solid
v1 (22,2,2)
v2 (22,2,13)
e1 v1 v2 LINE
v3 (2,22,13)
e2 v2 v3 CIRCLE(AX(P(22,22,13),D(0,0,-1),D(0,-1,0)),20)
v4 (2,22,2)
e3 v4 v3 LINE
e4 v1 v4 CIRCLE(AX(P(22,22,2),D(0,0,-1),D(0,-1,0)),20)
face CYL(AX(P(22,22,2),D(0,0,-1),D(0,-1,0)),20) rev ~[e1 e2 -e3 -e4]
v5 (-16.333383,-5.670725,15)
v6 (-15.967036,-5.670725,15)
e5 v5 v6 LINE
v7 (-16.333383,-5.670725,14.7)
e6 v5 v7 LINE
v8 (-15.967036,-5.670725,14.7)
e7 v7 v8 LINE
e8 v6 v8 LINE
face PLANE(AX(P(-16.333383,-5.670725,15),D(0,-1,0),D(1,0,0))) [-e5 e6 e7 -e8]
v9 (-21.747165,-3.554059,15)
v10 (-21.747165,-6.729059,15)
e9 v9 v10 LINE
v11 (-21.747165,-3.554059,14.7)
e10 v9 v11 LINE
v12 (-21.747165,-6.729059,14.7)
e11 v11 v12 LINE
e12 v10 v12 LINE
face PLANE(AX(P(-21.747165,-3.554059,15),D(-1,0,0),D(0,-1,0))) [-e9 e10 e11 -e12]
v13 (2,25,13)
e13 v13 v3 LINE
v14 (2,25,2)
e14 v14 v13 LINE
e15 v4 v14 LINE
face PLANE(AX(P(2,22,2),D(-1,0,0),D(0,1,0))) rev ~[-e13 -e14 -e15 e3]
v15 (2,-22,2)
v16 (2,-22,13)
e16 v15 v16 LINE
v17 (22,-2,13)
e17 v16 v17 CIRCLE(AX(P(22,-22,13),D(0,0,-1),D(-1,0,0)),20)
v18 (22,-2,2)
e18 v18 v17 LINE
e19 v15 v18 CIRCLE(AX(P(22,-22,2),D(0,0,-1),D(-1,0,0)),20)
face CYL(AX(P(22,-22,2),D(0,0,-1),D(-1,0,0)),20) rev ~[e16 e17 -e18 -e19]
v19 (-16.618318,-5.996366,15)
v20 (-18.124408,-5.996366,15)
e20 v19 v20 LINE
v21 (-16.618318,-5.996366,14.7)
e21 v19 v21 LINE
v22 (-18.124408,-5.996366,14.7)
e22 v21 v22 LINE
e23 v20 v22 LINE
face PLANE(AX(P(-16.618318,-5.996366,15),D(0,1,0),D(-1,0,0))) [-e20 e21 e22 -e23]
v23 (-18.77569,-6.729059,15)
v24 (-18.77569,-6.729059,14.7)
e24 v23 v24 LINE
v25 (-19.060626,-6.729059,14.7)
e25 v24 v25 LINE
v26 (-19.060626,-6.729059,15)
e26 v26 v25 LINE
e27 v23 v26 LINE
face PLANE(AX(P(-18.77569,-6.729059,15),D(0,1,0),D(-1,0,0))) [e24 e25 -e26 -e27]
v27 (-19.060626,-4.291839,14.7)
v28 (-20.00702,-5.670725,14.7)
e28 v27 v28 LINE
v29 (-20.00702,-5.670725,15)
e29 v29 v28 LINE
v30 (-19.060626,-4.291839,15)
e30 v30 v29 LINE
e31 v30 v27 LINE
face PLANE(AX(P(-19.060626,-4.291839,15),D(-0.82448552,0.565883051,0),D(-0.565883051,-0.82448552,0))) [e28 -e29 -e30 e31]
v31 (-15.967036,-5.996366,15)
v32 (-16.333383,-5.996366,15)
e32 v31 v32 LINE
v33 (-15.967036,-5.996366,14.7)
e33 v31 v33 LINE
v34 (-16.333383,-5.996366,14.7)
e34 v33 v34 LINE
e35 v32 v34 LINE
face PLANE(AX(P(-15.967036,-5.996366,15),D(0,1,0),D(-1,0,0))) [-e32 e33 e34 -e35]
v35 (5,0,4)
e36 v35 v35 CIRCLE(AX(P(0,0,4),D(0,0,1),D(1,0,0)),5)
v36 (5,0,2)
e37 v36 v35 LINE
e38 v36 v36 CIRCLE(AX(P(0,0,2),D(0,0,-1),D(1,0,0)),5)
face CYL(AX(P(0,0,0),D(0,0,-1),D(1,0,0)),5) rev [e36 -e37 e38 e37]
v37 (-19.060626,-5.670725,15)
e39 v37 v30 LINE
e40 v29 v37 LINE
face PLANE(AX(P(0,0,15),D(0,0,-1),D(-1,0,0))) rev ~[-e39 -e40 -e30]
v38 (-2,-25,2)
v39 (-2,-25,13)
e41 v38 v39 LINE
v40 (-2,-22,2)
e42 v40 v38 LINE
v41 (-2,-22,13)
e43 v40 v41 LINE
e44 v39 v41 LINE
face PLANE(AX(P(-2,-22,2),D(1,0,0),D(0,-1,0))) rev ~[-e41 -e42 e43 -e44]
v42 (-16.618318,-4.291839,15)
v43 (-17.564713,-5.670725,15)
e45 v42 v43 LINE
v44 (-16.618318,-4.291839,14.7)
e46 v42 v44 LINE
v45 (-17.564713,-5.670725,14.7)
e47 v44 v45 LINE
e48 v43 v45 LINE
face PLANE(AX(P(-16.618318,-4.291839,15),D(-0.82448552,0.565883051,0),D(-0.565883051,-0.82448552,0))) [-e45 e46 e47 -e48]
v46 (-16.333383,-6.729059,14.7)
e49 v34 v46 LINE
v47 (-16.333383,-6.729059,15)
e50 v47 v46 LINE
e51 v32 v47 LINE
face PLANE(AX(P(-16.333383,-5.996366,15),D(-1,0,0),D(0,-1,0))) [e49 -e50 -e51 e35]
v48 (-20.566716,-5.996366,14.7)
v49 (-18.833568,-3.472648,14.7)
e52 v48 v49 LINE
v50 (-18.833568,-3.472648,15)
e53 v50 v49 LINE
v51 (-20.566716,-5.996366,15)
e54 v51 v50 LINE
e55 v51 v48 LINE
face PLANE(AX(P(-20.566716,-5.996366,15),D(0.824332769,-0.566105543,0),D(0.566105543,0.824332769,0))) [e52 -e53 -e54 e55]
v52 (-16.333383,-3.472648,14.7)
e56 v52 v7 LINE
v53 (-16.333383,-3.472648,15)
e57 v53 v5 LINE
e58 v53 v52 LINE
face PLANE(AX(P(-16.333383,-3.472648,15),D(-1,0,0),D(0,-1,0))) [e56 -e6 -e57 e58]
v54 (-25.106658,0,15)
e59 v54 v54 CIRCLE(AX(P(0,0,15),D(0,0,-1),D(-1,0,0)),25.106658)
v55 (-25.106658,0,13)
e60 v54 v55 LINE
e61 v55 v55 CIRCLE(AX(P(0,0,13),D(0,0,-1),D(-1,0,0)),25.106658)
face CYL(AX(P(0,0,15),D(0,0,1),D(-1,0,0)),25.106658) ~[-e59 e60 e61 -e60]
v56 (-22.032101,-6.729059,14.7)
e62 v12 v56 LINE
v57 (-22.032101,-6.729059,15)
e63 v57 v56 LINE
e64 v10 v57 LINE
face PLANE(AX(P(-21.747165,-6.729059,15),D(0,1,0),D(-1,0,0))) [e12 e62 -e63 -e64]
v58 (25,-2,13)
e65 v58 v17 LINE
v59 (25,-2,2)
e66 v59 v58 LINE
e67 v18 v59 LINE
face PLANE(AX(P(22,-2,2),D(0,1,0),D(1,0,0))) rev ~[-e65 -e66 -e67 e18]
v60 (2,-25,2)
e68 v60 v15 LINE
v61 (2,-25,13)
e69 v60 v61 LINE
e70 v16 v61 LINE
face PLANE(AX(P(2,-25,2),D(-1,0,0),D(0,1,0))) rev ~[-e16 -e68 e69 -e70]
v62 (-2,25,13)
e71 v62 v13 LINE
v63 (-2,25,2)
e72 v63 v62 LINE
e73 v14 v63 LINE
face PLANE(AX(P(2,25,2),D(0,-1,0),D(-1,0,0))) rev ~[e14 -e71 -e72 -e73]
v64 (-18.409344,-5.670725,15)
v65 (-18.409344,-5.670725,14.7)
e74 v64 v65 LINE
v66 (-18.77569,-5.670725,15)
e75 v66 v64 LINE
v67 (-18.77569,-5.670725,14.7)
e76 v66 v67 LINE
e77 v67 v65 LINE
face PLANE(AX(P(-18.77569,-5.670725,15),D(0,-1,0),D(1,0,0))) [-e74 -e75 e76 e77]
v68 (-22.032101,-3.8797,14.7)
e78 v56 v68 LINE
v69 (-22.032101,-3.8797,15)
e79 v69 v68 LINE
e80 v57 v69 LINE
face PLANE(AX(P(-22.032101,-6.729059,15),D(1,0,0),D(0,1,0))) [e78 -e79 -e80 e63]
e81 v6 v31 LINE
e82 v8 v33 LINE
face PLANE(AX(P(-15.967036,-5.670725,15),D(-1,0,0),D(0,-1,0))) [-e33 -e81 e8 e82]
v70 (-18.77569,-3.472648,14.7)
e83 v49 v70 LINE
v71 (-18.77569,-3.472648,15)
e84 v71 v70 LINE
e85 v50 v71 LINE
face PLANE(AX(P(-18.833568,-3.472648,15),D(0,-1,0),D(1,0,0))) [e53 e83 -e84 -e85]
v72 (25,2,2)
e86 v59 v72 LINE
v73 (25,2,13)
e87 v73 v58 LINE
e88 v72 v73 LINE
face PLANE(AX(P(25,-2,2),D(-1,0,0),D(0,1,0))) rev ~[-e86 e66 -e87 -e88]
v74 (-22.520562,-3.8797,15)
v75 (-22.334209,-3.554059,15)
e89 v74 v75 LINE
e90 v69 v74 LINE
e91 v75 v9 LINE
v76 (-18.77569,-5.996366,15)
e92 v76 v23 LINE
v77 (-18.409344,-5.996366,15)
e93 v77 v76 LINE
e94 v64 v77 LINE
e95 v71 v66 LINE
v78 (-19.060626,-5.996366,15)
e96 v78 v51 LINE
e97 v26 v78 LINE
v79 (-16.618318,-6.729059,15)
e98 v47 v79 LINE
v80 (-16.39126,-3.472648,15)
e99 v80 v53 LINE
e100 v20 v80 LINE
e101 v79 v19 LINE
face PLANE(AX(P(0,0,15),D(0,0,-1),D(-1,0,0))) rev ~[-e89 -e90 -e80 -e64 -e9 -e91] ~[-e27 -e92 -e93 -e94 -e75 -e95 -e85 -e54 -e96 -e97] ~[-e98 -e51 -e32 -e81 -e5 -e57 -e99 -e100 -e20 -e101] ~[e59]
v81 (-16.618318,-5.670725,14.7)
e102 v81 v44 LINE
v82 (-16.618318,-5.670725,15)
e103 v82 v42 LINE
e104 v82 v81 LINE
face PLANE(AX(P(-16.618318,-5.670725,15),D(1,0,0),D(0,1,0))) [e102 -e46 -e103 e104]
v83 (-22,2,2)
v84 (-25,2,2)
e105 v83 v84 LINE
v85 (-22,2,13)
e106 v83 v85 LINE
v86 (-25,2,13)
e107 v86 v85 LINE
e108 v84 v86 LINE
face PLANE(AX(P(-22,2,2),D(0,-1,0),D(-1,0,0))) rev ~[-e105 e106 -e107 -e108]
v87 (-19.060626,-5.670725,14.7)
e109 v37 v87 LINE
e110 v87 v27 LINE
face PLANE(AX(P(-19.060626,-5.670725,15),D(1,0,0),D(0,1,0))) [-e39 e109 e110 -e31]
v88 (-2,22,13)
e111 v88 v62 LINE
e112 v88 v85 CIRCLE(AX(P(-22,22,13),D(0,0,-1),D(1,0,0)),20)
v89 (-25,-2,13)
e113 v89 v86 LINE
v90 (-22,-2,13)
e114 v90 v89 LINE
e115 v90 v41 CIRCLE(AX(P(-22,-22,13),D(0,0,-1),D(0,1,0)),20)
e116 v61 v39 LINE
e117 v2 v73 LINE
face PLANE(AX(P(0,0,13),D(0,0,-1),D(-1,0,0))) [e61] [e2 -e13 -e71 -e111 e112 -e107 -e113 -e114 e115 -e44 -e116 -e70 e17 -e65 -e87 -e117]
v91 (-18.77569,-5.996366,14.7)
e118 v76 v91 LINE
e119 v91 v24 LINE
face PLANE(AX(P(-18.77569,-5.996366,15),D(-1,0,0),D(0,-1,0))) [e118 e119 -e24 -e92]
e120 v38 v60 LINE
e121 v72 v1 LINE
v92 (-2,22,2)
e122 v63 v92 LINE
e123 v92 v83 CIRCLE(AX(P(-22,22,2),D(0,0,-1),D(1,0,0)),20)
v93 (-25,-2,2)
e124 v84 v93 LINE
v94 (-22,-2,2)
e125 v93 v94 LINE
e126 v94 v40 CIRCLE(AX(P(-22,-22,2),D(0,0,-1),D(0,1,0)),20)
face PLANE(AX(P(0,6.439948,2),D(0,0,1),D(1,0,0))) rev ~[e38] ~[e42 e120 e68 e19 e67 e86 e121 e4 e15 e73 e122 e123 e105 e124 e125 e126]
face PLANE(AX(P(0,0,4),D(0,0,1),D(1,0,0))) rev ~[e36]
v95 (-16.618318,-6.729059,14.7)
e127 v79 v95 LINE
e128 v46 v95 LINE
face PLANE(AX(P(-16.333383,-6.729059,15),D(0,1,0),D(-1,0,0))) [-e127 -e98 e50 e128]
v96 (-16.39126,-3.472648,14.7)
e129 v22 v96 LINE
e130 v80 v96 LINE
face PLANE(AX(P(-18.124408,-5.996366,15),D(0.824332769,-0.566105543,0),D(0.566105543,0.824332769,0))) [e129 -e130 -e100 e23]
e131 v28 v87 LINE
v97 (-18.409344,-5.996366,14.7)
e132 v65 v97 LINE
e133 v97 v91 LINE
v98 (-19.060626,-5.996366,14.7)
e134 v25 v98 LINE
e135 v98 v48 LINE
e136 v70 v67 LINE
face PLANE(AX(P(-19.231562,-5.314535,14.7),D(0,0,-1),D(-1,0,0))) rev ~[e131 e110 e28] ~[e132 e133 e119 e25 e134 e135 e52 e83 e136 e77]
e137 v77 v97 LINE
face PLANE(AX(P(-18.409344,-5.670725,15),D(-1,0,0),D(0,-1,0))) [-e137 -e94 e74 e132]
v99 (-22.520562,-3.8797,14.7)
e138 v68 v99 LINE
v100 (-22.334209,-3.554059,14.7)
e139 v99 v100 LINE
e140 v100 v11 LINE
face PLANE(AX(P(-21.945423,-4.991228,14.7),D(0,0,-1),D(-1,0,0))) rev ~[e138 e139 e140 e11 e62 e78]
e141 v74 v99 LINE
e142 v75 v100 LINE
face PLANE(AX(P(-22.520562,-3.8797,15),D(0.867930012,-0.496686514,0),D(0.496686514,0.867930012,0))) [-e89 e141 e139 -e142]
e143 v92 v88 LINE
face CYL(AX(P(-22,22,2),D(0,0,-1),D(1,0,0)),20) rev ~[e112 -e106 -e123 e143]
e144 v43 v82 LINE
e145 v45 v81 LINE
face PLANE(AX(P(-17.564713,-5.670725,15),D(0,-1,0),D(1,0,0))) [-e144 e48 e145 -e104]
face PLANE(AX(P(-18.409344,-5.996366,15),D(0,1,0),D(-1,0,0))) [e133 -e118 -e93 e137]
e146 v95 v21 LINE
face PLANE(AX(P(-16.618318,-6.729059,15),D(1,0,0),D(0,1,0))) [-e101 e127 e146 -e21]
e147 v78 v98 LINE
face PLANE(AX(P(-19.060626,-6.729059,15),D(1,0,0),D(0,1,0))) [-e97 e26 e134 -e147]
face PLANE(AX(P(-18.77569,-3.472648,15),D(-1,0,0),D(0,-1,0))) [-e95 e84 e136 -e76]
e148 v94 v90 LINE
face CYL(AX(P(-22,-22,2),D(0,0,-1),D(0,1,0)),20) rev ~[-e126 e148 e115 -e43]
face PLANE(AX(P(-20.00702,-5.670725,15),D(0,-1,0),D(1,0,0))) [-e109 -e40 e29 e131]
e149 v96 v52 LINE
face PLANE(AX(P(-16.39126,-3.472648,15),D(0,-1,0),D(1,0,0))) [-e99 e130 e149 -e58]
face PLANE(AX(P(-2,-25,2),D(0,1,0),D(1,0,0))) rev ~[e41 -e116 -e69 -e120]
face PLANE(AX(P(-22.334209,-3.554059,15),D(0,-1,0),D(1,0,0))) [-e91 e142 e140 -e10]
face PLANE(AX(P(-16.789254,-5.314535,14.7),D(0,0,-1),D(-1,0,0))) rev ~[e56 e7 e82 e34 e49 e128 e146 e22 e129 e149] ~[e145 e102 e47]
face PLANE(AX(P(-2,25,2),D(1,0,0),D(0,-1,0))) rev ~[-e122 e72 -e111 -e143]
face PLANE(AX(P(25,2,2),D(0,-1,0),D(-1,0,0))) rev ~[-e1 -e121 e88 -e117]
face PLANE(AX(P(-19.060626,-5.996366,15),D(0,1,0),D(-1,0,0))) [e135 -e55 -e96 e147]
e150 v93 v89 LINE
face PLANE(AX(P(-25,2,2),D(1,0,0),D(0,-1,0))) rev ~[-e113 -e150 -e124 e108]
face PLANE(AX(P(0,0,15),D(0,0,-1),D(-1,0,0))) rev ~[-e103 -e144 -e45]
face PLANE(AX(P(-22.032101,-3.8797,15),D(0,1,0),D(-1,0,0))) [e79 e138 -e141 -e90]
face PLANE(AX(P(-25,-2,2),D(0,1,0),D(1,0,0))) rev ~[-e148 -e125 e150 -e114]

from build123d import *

# Parameters (mm, degrees)
BOSS_EXTRUDE1_START = 2
BOSS_EXTRUDE1_DEPTH = 13
SKETCH7_R           = 25.106657787
BOSS_EXTRUDE3_DEPTH = 2
SKETCH8_R           = 5
CUT_EXTRUDE2_DEPTH  = 4
CUT_EXTRUDE3_DEPTH  = 0.3


with BuildPart() as part:
    # Sketch4 → Boss-Extrude1 (new body)
    with BuildSketch(Plane.XY.offset(BOSS_EXTRUDE1_START)):
        with BuildLine():
            Line((-25, 2), (-25, 0))
            Line((-25, 0), (25, 0))
            Line((25, 0), (25, 2))
            Line((25, 2), (22, 2))
            ThreePointArc((22, 2), (7.857864376, 7.857864376), (2, 22))
            Line((2, 22), (2, 25))
            Line((2, 25), (-2, 25))
            Line((-2, 25), (-2, 22))
            ThreePointArc((-2, 22), (-7.857864376, 7.857864376), (-22, 2))
            Line((-22, 2), (-25, 2))
        make_face()
        with BuildLine():
            Line((25, 0), (-25, 0))
            Line((-25, 0), (-25, -2))
            Line((-25, -2), (-22, -2))
            ThreePointArc((-22, -2), (-7.857864376, -7.857864376), (-2, -22))
            Line((-2, -22), (-2, -25))
            Line((-2, -25), (2, -25))
            Line((2, -25), (2, -22))
            ThreePointArc((2, -22), (7.857864376, -7.857864376), (22, -2))
            Line((22, -2), (25, -2))
            Line((25, -2), (25, 0))
        make_face()
    extrude(amount=BOSS_EXTRUDE1_DEPTH)

    # Sketch7 → Boss-Extrude3 (add)
    with BuildSketch(Plane(origin=(0, 0, 15), x_dir=(-1, 0, 0), z_dir=(0, 0, -1))):
        Circle(SKETCH7_R)
    extrude(amount=BOSS_EXTRUDE3_DEPTH)

    # Sketch8 → Cut-Extrude2 (cut)
    with BuildSketch(Plane.XY):
        Circle(SKETCH8_R)
    extrude(amount=CUT_EXTRUDE2_DEPTH, mode=Mode.SUBTRACT)

    # Sketch11 → Cut-Extrude3 (cut)
    # profile 1 of 3: a face of its own
    with BuildSketch(Plane.XY.offset(15)):
        Polygon((-22.334208893, -3.554058613), (-21.747164623, -3.554058613), (-21.747164623, -6.729058613), (-22.03210052, -6.729058613), (-22.03210052, -3.879699638), (-22.520562059, -3.879699638), align=None)
    # profile 2 of 3: a face of its own
    with BuildSketch(Plane.XY.offset(15)):
        Polygon((-18.833567868, -3.472648356), (-18.775690264, -3.472648356), (-18.775690264, -5.670725279), (-18.40934411, -5.670725279), (-18.40934411, -5.996366305), (-18.775690264, -5.996366305), (-18.775690264, -6.729058613), (-19.060626161, -6.729058613), (-19.060626161, -5.996366305), (-20.566715905, -5.996366305), align=None)
        Polygon((-19.060626161, -5.670725279), (-19.060626161, -4.291839062), (-20.007020392, -5.670725279), align=None, mode=Mode.SUBTRACT)
    # profile 3 of 3: a face of its own
    with BuildSketch(Plane.XY.offset(15)):
        Polygon((-16.391260175, -3.472648356), (-16.333382571, -3.472648356), (-16.333382571, -5.670725279), (-15.967036417, -5.670725279), (-15.967036417, -5.996366305), (-16.333382571, -5.996366305), (-16.333382571, -6.729058613), (-16.618318469, -6.729058613), (-16.618318469, -5.996366305), (-18.124408212, -5.996366305), align=None)
        Polygon((-16.618318469, -5.670725279), (-16.618318469, -4.291839062), (-17.5647127, -5.670725279), align=None, mode=Mode.SUBTRACT)
    extrude(amount=-CUT_EXTRUDE3_DEPTH, mode=Mode.SUBTRACT)


solid = part.part
